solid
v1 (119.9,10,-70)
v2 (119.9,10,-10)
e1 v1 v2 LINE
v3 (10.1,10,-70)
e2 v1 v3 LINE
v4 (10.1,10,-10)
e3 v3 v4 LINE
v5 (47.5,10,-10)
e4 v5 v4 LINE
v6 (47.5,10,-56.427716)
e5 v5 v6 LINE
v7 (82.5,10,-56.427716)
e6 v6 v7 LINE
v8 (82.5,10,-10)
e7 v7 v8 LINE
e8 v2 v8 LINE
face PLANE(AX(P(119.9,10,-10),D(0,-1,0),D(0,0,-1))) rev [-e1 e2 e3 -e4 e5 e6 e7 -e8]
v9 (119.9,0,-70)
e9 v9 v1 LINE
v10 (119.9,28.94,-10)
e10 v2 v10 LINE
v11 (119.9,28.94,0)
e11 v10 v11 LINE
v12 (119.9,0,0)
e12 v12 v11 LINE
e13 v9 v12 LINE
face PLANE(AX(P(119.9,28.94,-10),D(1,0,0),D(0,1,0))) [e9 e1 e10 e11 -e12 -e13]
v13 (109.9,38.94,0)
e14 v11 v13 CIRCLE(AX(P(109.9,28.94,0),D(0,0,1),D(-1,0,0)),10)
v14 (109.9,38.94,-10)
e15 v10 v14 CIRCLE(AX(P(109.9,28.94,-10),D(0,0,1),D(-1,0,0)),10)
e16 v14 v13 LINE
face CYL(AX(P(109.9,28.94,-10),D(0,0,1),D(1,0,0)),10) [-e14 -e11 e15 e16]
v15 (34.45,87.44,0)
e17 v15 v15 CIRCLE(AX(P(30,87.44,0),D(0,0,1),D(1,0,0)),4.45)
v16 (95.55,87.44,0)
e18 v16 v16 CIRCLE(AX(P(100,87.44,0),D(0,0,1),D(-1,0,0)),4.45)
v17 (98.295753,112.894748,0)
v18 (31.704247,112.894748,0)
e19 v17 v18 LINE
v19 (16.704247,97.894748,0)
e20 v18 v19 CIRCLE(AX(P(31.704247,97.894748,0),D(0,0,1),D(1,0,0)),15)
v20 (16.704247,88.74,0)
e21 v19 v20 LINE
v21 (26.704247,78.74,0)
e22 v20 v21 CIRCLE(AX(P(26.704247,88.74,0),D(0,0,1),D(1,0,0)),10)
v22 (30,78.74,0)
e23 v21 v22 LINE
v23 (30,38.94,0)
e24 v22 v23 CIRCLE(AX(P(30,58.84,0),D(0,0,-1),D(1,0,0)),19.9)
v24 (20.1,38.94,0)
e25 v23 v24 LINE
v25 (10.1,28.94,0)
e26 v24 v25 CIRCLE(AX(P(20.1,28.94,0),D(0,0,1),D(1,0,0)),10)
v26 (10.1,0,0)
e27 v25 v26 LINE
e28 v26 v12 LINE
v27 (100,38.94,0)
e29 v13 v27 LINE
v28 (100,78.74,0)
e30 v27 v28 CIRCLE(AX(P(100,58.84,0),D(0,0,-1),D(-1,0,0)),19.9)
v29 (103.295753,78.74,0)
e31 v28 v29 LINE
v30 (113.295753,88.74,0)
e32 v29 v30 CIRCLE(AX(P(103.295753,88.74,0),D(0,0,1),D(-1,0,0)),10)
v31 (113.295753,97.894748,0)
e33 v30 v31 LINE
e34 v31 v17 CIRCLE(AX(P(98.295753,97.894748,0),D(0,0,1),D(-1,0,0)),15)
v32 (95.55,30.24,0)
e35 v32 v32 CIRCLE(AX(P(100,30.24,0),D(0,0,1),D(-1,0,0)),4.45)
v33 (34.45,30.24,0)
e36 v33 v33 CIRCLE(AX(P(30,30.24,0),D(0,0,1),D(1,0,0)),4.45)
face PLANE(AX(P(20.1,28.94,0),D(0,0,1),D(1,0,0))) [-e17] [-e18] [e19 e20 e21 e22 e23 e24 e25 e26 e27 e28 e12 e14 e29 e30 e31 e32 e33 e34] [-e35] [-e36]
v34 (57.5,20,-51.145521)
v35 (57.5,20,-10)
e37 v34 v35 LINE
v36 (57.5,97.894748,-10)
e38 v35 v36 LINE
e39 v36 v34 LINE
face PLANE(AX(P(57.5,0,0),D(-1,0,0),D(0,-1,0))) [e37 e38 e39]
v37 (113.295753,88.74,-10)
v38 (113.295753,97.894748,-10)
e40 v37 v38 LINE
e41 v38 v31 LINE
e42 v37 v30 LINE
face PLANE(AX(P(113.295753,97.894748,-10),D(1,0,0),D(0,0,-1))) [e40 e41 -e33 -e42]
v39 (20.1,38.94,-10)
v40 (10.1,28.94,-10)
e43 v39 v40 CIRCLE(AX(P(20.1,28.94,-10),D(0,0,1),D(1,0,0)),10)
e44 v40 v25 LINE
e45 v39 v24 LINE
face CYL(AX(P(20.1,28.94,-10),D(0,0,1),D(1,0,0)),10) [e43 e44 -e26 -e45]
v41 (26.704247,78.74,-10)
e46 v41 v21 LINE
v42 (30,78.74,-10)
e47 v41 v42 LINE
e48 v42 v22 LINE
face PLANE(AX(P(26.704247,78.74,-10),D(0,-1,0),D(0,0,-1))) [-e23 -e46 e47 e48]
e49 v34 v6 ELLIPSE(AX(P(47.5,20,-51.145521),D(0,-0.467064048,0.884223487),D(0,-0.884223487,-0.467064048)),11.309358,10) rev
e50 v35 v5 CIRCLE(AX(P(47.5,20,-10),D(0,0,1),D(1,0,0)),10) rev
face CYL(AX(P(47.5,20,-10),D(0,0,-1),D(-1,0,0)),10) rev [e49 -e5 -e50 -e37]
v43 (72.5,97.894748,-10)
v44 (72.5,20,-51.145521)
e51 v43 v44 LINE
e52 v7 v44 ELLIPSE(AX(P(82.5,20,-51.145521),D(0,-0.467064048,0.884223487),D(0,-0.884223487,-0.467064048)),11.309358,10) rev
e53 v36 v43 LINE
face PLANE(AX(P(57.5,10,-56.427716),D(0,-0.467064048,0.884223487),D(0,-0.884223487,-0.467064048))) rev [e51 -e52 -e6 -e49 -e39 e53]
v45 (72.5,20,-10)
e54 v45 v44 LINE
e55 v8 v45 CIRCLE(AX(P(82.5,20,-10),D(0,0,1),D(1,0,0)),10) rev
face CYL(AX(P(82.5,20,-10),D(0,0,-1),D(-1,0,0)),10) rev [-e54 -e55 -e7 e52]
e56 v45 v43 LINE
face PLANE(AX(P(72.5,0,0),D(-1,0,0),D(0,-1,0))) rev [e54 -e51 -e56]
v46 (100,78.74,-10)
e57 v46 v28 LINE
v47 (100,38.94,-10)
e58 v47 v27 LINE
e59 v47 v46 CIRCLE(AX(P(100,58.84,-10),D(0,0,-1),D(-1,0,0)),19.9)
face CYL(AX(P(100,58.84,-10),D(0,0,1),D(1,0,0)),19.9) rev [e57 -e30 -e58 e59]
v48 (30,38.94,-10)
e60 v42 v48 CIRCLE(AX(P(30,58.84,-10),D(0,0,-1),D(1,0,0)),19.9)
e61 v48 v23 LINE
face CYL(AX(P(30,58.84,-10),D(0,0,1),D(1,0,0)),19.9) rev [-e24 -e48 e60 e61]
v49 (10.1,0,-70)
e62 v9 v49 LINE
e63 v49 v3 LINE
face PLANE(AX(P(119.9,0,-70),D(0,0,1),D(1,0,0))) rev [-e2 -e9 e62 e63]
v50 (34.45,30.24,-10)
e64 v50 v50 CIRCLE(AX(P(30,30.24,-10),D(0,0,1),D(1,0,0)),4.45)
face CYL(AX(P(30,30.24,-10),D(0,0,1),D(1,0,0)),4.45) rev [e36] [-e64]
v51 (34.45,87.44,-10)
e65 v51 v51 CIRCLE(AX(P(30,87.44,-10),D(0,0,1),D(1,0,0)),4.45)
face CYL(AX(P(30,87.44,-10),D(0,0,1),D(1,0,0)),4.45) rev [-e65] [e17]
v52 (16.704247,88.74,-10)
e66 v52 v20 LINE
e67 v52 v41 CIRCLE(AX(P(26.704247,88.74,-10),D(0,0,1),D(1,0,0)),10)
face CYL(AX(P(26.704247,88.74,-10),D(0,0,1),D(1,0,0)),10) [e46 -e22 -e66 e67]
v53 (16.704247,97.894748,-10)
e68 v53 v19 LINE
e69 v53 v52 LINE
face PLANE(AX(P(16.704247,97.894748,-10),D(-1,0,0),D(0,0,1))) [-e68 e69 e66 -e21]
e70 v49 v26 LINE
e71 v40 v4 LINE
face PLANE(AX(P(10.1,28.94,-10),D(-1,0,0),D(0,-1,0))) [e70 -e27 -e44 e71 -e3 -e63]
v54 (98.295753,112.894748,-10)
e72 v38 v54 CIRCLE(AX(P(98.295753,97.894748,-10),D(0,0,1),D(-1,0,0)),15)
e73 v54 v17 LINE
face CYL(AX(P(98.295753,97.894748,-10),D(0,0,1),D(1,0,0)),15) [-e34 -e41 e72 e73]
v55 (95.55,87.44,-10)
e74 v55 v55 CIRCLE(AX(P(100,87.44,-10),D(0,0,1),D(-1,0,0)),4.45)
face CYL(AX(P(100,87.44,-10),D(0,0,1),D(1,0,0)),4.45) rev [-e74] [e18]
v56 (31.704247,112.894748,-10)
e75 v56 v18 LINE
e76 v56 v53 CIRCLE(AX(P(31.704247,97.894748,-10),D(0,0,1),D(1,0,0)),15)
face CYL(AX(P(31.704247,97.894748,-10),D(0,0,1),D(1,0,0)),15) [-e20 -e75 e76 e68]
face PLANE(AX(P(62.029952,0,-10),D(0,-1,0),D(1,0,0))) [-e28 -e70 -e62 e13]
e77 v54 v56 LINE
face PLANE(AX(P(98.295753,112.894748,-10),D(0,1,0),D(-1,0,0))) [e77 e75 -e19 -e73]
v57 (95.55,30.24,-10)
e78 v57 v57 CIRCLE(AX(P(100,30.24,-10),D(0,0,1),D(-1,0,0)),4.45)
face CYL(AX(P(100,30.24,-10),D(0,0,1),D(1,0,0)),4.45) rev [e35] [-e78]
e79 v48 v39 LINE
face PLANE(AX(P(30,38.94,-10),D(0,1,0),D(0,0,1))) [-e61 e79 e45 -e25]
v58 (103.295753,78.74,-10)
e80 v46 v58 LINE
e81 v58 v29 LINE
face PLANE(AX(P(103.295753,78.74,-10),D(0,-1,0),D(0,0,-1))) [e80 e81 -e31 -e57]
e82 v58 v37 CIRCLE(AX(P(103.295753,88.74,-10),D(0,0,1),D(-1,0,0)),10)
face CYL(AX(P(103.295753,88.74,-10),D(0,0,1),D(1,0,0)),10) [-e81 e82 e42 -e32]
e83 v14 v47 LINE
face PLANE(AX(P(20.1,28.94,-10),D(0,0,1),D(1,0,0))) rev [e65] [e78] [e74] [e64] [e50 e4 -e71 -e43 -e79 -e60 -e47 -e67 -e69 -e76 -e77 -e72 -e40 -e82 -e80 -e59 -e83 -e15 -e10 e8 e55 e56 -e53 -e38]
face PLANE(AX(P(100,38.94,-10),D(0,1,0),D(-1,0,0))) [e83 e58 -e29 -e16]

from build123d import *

# Parameters (mm, degrees)
SKETCH1_R           = 4.45
BOSS_EXTRUDE1_DEPTH = 10
BOSS_EXTRUDE2_START = 10.1
SKETCH2_W           = 60
SKETCH2_H           = 10
BOSS_EXTRUDE2_DEPTH = 109.8
BOSS_EXTRUDE3_DEPTH = 7.5
FILLET1_R           = 10
FILLET2_R           = 10


with BuildPart() as part:
    # Sketch1 → Boss-Extrude1 (new body)
    with BuildSketch(Plane.XY):
        with BuildLine():
            Line((62.029952175, 0), (119.9, 0))
            Line((119.9, 0), (119.9, 28.94))
            ThreePointArc((119.9, 28.94), (116.971067812, 36.011067812), (109.9, 38.94))
            Line((109.9, 38.94), (100, 38.94))
            ThreePointArc((100, 38.94), (80.1, 58.84), (100, 78.74))
            Line((100, 78.74), (103.295753204, 78.74))
            ThreePointArc((103.295753204, 78.74), (110.366821016, 81.668932188), (113.295753204, 88.74))
            Line((113.295753204, 88.74), (113.295753204, 97.89474782))
            ThreePointArc((113.295753204, 97.89474782), (108.902354922, 108.501349538), (98.295753204, 112.89474782))
            Line((98.295753204, 112.89474782), (31.704246796, 112.89474782))
            ThreePointArc((31.704246796, 112.89474782), (21.097645078, 108.501349538), (16.704246796, 97.89474782))
            Line((16.704246796, 97.89474782), (16.704246796, 88.74))
            ThreePointArc((16.704246796, 88.74), (19.633178984, 81.668932188), (26.704246796, 78.74))
            Line((26.704246796, 78.74), (30, 78.74))
            ThreePointArc((30, 78.74), (49.9, 58.84), (30, 38.94))
            Line((30, 38.94), (20.1, 38.94))
            ThreePointArc((20.1, 38.94), (13.028932188, 36.011067812), (10.1, 28.94))
            Line((10.1, 28.94), (10.1, 0))
            Line((10.1, 0), (62.029952175, 0))
        make_face()
        with Locations((30, 30.24)):
            Circle(SKETCH1_R, mode=Mode.SUBTRACT)
        with Locations((30, 87.44)):
            Circle(SKETCH1_R, mode=Mode.SUBTRACT)
        with Locations((100, 30.24)):
            Circle(SKETCH1_R, mode=Mode.SUBTRACT)
        with Locations((100, 87.44)):
            Circle(SKETCH1_R, mode=Mode.SUBTRACT)
    extrude(amount=-BOSS_EXTRUDE1_DEPTH)

    # Sketch2 → Boss-Extrude2 (add)
    with BuildSketch(Plane(origin=(0, 0, 0), x_dir=(0, 0, -1), z_dir=(1, 0, 0)).offset(BOSS_EXTRUDE2_START)):
        with Locations((40, 5)):
            Rectangle(SKETCH2_W, SKETCH2_H)
    extrude(amount=BOSS_EXTRUDE2_DEPTH)

    # Sketch3 → Boss-Extrude3 (add, symmetric)
    with BuildSketch(Plane.ZY.offset(-65)):
        Polygon((-10, 97.89474782), (-10, 10), (-56.427715737, 10), align=None)
    extrude(amount=BOSS_EXTRUDE3_DEPTH, both=True)

    # Fillet1
    fillet1_edges = [part.edges().sort_by_distance(p)[0] for p in [
        (72.5, 10, -33.213857868),
    ]]
    fillet(fillet1_edges, radius=FILLET1_R)

    # Fillet2
    fillet2_edges = [part.edges().sort_by_distance(p)[0] for p in [
        (57.5, 10, -33.213857868),
    ]]
    fillet(fillet2_edges, radius=FILLET2_R)


solid = part.part
